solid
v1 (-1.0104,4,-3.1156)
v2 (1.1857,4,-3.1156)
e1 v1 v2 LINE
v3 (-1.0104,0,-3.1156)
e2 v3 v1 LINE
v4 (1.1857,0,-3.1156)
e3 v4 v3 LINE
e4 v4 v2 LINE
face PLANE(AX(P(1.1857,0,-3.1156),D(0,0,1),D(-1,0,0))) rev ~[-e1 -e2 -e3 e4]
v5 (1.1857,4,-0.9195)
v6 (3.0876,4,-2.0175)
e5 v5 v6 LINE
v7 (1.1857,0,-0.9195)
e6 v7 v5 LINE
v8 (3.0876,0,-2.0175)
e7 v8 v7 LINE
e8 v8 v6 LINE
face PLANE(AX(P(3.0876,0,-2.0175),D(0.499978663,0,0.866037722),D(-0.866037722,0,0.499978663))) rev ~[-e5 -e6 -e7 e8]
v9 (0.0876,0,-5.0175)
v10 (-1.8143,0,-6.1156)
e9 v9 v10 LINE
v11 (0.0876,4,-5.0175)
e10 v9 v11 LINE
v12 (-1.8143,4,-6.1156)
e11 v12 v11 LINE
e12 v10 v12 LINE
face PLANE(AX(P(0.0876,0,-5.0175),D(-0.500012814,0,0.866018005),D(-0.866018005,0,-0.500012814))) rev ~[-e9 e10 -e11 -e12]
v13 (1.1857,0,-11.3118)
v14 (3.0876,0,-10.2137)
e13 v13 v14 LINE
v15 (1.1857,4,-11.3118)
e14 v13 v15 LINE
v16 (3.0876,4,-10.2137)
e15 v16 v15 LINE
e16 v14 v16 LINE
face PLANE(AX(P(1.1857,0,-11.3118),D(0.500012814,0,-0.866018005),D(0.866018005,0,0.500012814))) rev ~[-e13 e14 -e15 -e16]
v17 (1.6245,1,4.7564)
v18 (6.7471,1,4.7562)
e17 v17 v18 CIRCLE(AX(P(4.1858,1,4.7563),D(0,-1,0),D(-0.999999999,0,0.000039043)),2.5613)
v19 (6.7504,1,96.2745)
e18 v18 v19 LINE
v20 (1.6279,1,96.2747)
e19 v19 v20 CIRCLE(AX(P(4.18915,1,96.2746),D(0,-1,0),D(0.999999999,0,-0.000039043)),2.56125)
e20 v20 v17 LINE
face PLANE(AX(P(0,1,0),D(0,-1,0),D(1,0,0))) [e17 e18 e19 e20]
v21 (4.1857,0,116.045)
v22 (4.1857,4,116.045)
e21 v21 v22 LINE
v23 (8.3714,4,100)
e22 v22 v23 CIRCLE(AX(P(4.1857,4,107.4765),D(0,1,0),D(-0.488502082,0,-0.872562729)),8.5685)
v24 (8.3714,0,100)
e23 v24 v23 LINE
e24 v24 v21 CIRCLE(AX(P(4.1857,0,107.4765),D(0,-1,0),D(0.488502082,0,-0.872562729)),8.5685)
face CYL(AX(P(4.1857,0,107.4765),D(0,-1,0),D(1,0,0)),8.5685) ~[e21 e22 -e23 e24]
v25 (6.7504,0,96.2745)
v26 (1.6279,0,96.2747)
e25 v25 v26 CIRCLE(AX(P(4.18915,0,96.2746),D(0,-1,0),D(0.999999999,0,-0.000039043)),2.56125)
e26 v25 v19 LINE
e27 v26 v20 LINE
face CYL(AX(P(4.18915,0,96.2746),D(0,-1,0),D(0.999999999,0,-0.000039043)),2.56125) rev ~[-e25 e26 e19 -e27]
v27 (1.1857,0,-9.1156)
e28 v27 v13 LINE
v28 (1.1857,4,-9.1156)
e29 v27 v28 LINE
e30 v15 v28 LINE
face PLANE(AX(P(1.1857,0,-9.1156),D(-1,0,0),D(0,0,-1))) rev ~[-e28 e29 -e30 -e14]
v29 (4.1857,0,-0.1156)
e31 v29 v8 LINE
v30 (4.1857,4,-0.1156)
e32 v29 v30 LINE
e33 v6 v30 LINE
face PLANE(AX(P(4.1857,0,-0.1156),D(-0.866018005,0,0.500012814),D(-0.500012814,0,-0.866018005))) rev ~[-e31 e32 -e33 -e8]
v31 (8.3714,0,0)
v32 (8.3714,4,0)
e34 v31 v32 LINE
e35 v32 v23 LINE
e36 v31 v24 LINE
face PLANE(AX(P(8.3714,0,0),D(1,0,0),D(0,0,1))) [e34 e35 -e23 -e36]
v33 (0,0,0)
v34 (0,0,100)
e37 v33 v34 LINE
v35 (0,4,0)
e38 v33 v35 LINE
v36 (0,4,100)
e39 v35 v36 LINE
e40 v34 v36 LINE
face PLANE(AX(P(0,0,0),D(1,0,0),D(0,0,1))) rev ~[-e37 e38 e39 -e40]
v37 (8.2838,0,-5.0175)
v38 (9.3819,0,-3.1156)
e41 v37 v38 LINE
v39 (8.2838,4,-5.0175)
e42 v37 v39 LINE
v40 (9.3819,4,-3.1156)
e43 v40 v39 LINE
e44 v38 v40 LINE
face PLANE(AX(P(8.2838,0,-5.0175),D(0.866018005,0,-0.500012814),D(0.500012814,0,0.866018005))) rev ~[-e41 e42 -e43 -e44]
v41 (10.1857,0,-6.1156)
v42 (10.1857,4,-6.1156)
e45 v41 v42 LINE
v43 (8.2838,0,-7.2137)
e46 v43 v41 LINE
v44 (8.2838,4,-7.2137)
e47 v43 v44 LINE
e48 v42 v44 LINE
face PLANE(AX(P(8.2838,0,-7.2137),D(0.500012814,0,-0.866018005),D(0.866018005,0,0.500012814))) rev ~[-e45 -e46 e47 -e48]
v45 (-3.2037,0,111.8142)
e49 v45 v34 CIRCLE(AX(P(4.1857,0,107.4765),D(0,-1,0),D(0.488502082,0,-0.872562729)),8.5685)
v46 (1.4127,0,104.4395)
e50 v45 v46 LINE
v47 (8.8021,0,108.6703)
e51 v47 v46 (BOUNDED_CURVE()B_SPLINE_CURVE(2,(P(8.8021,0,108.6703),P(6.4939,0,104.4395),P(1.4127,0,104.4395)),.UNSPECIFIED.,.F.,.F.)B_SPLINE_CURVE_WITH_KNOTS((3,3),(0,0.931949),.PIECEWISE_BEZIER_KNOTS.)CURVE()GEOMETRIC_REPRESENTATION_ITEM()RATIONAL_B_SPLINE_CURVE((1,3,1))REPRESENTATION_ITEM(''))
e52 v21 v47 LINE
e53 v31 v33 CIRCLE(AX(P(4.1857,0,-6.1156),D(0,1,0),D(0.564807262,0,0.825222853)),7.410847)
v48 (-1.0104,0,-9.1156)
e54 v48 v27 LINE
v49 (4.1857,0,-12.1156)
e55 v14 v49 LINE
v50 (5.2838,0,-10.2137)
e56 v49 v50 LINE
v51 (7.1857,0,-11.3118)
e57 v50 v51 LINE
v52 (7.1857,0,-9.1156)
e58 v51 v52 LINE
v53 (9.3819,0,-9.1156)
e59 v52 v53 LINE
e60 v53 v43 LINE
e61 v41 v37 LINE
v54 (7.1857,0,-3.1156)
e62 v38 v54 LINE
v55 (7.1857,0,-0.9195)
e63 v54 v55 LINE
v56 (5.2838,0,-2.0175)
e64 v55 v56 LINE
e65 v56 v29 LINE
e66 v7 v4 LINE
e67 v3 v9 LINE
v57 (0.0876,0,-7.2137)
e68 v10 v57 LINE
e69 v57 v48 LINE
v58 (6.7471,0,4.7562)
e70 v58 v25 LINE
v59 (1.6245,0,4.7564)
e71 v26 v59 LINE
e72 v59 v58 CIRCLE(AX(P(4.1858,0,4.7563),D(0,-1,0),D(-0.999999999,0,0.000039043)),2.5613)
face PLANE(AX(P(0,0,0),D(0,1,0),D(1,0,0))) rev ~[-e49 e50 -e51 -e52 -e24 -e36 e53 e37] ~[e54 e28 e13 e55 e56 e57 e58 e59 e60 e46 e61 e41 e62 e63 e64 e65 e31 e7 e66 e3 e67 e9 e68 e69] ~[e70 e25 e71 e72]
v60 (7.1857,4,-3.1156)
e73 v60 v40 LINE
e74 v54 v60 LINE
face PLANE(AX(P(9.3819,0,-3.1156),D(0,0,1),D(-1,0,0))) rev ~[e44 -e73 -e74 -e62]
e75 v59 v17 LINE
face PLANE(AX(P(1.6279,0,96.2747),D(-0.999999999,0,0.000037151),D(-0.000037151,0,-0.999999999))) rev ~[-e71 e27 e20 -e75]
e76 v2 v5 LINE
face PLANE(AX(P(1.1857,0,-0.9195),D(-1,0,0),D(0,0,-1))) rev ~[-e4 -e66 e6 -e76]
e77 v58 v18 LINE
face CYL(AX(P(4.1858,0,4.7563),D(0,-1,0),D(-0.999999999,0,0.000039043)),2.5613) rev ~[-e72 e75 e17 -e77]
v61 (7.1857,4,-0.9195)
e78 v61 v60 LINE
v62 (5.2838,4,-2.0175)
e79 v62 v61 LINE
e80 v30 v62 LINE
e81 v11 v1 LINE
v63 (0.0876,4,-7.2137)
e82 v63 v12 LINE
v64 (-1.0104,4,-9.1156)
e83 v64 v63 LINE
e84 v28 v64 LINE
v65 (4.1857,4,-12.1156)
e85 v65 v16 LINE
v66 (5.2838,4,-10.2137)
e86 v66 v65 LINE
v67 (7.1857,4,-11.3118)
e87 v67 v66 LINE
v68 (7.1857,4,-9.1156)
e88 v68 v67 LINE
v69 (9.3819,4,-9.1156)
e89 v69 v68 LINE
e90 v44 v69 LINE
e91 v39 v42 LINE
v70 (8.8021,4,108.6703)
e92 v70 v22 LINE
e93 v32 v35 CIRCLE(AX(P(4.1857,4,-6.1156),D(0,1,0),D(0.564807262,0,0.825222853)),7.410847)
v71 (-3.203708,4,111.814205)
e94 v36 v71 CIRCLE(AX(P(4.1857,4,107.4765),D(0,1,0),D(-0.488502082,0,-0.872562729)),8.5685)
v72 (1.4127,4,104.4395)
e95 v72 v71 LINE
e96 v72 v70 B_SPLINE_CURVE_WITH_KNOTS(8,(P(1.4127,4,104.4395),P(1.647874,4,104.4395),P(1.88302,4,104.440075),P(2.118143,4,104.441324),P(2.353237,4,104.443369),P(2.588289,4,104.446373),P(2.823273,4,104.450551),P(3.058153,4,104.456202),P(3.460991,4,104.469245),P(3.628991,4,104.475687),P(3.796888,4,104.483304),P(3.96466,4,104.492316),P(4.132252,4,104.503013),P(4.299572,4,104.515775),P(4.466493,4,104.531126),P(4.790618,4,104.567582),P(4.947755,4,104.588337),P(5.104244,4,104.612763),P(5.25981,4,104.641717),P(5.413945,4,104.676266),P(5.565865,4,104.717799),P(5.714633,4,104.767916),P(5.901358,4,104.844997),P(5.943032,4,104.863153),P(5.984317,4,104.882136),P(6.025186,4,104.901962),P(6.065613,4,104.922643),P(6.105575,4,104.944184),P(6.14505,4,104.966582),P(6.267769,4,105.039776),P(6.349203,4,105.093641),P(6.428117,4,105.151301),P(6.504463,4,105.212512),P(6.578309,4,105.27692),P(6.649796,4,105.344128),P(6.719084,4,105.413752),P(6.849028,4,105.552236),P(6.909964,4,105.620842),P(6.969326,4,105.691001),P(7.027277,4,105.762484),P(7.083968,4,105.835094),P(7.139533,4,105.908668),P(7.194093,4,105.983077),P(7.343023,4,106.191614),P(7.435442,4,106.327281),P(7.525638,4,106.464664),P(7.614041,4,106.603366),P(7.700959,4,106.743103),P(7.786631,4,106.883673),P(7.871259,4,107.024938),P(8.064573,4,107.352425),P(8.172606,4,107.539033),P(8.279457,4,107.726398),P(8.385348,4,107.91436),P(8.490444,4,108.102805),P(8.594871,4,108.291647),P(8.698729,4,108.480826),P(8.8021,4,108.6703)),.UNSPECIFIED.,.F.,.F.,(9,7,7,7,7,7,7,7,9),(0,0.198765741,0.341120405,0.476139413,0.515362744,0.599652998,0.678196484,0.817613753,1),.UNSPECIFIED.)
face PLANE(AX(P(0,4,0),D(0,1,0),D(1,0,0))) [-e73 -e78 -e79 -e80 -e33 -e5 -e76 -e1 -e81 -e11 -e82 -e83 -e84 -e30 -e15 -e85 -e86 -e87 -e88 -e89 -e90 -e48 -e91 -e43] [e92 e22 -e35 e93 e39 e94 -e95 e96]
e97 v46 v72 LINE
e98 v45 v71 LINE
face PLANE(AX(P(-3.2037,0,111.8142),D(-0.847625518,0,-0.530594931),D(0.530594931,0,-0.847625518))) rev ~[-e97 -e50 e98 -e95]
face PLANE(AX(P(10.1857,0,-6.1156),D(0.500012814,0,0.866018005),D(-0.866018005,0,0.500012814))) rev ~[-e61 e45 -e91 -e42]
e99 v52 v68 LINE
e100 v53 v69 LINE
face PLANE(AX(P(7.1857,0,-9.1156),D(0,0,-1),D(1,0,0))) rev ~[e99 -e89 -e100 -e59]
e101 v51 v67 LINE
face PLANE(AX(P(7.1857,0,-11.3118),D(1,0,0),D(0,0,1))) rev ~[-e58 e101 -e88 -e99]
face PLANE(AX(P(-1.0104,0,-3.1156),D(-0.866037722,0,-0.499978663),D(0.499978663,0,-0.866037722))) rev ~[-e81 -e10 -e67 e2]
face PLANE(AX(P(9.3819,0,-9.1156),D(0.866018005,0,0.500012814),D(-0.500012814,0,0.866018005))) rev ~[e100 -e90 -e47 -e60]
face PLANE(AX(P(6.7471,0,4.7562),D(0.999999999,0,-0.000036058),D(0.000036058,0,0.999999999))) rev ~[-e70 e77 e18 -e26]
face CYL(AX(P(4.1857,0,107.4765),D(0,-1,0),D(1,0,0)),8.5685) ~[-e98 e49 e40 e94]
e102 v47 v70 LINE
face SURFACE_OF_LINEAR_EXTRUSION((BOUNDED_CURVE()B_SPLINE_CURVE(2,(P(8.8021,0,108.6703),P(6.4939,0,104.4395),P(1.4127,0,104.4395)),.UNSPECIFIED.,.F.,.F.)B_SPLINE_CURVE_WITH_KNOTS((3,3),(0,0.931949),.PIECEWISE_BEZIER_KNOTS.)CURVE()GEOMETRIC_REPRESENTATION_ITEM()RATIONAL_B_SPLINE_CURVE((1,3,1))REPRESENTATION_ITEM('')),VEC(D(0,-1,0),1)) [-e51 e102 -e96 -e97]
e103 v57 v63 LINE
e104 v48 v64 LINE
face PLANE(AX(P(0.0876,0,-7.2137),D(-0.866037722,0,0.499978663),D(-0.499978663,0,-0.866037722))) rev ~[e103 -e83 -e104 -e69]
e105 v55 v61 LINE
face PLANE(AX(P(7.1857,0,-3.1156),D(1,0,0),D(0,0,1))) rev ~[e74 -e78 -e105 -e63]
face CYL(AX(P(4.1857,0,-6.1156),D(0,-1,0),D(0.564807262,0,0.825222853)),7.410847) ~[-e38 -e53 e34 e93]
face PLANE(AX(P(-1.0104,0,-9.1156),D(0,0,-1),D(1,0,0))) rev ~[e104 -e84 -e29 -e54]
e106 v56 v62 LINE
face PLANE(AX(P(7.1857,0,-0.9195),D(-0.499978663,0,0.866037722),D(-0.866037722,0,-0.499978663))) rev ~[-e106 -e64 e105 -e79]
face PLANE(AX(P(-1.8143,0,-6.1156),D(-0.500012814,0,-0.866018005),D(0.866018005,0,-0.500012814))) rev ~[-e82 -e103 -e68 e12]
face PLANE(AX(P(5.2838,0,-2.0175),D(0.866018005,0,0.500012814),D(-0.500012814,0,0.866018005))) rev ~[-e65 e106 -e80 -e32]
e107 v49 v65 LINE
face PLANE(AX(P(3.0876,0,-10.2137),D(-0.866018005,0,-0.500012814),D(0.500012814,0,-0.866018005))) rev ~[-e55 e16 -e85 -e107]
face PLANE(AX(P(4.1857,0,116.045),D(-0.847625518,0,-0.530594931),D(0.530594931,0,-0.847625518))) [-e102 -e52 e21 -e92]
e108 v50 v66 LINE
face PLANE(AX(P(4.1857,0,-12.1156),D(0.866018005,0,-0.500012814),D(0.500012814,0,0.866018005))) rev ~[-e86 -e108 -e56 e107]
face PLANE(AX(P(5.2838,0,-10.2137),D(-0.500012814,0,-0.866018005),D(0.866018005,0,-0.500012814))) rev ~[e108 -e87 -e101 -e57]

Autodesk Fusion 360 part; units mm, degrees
sketch "Sketch1" plane through (0, 0, 0) normal (0, 1, 0) x (1, 0, 0)
  line L0 (0, 0) -> (0, -100)
  circle A0 centre (4.1857, -107.4765) radius 8.5685
  line L1 (4.1857, -1.3614) -> (4.1857, -1.2953)
  line L2 (8.3714, 0) -> (8.3714, -100)
  arc A1 (8.3714, 0) -> (0, 0) centre (4.1857, 6.1156) ccw
  dimension "d1" = 100
extrude "Extrude1" add sketch "Sketch1" along normal blind 5
sketch "Sketch2" plane through (0, 0, 0) normal (0, -1, 0) x (1, 0, 0)
  arc A0 (0, 0) -> (8.3714, 0) centre (4.1857, -6.1156) ccw
  line L0 (8.3714, 0) -> (8.3714, 100)
  arc A1 (8.3714, 100) -> (0, 100) centre (4.1857, 107.4765) ccw
  line L1 (0, 100) -> (0, 0)
  line L2 (3.0876, -2.0175) -> (1.1857, -0.9195)
  line L3 (7.1857, -0.9195) -> (5.2838, -2.0175)
  line L4 (0.0876, -5.0175) -> (-1.8143, -6.1156)
  line L5 (1.1857, -3.1156) -> (-1.0104, -3.1156)
  line L6 (4.1857, -0.1156) -> (3.0876, -2.0175)
  line L7 (0.0876, -7.2137) -> (-1.0104, -9.1156)
  line L8 (1.1857, -0.9195) -> (1.1857, -3.1156)
  line L9 (1.1857, -9.1156) -> (1.1857, -11.3118)
  line L10 (-1.0104, -3.1156) -> (0.0876, -5.0175)
  line L11 (3.0876, -10.2137) -> (4.1857, -12.1156)
  line L12 (-1.8143, -6.1156) -> (0.0876, -7.2137)
  line L13 (5.2838, -10.2137) -> (7.1857, -11.3118)
  line L14 (-1.0104, -9.1156) -> (1.1857, -9.1156)
  line L15 (7.1857, -9.1156) -> (9.3819, -9.1156)
  line L16 (1.1857, -11.3118) -> (3.0876, -10.2137)
  line L17 (8.2838, -7.2137) -> (10.1857, -6.1156)
  line L18 (4.1857, -12.1156) -> (5.2838, -10.2137)
  line L19 (8.2838, -5.0175) -> (9.3819, -3.1156)
  line L20 (7.1857, -11.3118) -> (7.1857, -9.1156)
  line L21 (7.1857, -3.1156) -> (7.1857, -0.9195)
  line L22 (9.3819, -9.1156) -> (8.2838, -7.2137)
  line L23 (5.2838, -2.0175) -> (4.1857, -0.1156)
  line L24 (10.1857, -6.1156) -> (8.2838, -5.0175)
  line L25 (9.3819, -3.1156) -> (7.1857, -3.1156)
  circle A2 centre (4.1857, 107.4765) radius 8.5685
  line L26 (-3.2037, 111.8142) -> (1.4127, 104.4395)
  line L27 (4.1857, 116.045) -> (8.8021, 108.6703)
  spline S0 degree 2 poles (8.8021, 108.6703) (6.4939, 104.4395) (1.4127, 104.4395) knots 0 0 0 0.931949 0.931949 0.931949 weights 1 3 1
  point P0 (4.1857, -6.1156)
  point P1 (4.1857, -6.1156)
  point P2 (4.1857, -6.1156)
  point P3 (4.1857, -6.1156)
  dimension "d5" = 6
  dimension "d6" = 6
  dimension "d7" = 6
  dimension "d8" = 6
extrude "Extrude2" cut sketch "Sketch2" along normal mid plane 18 contours A1 A2 L26 L27 S0 | L2 L3 L4 L5 L6 L7 L8 L9 L10 L11 L12 L13 L14 L15 L16 L17 L18 L19 L20 L21 L22 L23 L24 L25 picked at (4.1836, 108.8223)
sketch "Sketch3" plane through (0, 0, 0) normal (0, -1, 0) x (1, 0, 0)
  line L0 (1.4127, 104.4395) -> (-3.2037, 111.8142)
  arc A0 (-3.2037, 111.8142) -> (0, 100) centre (4.1857, 107.4765) ccw
  line L1 (0, 100) -> (0, 0)
  arc A1 (0, 0) -> (8.3714, 0) centre (4.1857, -6.1156) ccw
  line L2 (8.3714, 0) -> (8.3714, 100)
  arc A2 (8.3714, 100) -> (4.1857, 116.045) centre (4.1857, 107.4765) ccw
  line L3 (4.1857, 116.045) -> (8.8021, 108.6703)
  spline S0 degree 3 poles (8.8021, 108.6703) (7.7372, 106.7184) (7.1677, 105.8398) (6.3827, 105.0938) (6.1105, 104.9214) (5.074, 104.5294) (3.9773, 104.4395) (1.4127, 104.4395) knots 0 0 0 0 0.667054 0.667054 1.004366 1.004366 1.733719 1.733719 1.733719 1.733719
  line L4 (7.1857, -0.9195) -> (7.1857, -3.1156)
  line L5 (7.1857, -3.1156) -> (9.3819, -3.1156)
  line L6 (9.3819, -3.1156) -> (8.2838, -5.0175)
  line L7 (8.2838, -5.0175) -> (10.1857, -6.1156)
  line L8 (10.1857, -6.1156) -> (8.2838, -7.2137)
  line L9 (8.2838, -7.2137) -> (9.3819, -9.1156)
  line L10 (9.3819, -9.1156) -> (7.1857, -9.1156)
  line L11 (7.1857, -9.1156) -> (7.1857, -11.3118)
  line L12 (7.1857, -11.3118) -> (5.2838, -10.2137)
  line L13 (5.2838, -10.2137) -> (4.1857, -12.1156)
  line L14 (4.1857, -12.1156) -> (3.0876, -10.2137)
  line L15 (3.0876, -10.2137) -> (1.1857, -11.3118)
  line L16 (1.1857, -11.3118) -> (1.1857, -9.1156)
  line L17 (1.1857, -9.1156) -> (-1.0104, -9.1156)
  line L18 (-1.0104, -9.1156) -> (0.0876, -7.2137)
  line L19 (0.0876, -7.2137) -> (-1.8143, -6.1156)
  line L20 (-1.8143, -6.1156) -> (0.0876, -5.0175)
  line L21 (0.0876, -5.0175) -> (-1.0104, -3.1156)
  line L22 (-1.0104, -3.1156) -> (1.1857, -3.1156)
  line L23 (1.1857, -3.1156) -> (1.1857, -0.9195)
  line L24 (1.1857, -0.9195) -> (3.0876, -2.0175)
  line L25 (3.0876, -2.0175) -> (4.1857, -0.1156)
  line L26 (4.1857, -0.1156) -> (5.2838, -2.0175)
  line L27 (5.2838, -2.0175) -> (7.1857, -0.9195)
  line L28 (1.6279, 96.2747) -> (1.6245, 4.7564)
  arc A3 (1.6245, 4.7564) -> (6.7471, 4.7562) centre (4.1858, 4.7563) ccw
  line L29 (6.7471, 4.7562) -> (6.7504, 96.2745)
  arc A4 (6.7504, 96.2745) -> (1.6279, 96.2747) centre (4.1891, 96.2746) ccw
  line L30 (4.1892, 98.8359) -> (4.1857, 2.195) construction
extrude "Extrude3" cut sketch "Sketch3" against normal blind 1 contours L28 A3 L29 A4
extrude "Extrude4" cut 1 faces at (4.1857, 5, 66.6281) along direction (0, -1, 0) blind 1
